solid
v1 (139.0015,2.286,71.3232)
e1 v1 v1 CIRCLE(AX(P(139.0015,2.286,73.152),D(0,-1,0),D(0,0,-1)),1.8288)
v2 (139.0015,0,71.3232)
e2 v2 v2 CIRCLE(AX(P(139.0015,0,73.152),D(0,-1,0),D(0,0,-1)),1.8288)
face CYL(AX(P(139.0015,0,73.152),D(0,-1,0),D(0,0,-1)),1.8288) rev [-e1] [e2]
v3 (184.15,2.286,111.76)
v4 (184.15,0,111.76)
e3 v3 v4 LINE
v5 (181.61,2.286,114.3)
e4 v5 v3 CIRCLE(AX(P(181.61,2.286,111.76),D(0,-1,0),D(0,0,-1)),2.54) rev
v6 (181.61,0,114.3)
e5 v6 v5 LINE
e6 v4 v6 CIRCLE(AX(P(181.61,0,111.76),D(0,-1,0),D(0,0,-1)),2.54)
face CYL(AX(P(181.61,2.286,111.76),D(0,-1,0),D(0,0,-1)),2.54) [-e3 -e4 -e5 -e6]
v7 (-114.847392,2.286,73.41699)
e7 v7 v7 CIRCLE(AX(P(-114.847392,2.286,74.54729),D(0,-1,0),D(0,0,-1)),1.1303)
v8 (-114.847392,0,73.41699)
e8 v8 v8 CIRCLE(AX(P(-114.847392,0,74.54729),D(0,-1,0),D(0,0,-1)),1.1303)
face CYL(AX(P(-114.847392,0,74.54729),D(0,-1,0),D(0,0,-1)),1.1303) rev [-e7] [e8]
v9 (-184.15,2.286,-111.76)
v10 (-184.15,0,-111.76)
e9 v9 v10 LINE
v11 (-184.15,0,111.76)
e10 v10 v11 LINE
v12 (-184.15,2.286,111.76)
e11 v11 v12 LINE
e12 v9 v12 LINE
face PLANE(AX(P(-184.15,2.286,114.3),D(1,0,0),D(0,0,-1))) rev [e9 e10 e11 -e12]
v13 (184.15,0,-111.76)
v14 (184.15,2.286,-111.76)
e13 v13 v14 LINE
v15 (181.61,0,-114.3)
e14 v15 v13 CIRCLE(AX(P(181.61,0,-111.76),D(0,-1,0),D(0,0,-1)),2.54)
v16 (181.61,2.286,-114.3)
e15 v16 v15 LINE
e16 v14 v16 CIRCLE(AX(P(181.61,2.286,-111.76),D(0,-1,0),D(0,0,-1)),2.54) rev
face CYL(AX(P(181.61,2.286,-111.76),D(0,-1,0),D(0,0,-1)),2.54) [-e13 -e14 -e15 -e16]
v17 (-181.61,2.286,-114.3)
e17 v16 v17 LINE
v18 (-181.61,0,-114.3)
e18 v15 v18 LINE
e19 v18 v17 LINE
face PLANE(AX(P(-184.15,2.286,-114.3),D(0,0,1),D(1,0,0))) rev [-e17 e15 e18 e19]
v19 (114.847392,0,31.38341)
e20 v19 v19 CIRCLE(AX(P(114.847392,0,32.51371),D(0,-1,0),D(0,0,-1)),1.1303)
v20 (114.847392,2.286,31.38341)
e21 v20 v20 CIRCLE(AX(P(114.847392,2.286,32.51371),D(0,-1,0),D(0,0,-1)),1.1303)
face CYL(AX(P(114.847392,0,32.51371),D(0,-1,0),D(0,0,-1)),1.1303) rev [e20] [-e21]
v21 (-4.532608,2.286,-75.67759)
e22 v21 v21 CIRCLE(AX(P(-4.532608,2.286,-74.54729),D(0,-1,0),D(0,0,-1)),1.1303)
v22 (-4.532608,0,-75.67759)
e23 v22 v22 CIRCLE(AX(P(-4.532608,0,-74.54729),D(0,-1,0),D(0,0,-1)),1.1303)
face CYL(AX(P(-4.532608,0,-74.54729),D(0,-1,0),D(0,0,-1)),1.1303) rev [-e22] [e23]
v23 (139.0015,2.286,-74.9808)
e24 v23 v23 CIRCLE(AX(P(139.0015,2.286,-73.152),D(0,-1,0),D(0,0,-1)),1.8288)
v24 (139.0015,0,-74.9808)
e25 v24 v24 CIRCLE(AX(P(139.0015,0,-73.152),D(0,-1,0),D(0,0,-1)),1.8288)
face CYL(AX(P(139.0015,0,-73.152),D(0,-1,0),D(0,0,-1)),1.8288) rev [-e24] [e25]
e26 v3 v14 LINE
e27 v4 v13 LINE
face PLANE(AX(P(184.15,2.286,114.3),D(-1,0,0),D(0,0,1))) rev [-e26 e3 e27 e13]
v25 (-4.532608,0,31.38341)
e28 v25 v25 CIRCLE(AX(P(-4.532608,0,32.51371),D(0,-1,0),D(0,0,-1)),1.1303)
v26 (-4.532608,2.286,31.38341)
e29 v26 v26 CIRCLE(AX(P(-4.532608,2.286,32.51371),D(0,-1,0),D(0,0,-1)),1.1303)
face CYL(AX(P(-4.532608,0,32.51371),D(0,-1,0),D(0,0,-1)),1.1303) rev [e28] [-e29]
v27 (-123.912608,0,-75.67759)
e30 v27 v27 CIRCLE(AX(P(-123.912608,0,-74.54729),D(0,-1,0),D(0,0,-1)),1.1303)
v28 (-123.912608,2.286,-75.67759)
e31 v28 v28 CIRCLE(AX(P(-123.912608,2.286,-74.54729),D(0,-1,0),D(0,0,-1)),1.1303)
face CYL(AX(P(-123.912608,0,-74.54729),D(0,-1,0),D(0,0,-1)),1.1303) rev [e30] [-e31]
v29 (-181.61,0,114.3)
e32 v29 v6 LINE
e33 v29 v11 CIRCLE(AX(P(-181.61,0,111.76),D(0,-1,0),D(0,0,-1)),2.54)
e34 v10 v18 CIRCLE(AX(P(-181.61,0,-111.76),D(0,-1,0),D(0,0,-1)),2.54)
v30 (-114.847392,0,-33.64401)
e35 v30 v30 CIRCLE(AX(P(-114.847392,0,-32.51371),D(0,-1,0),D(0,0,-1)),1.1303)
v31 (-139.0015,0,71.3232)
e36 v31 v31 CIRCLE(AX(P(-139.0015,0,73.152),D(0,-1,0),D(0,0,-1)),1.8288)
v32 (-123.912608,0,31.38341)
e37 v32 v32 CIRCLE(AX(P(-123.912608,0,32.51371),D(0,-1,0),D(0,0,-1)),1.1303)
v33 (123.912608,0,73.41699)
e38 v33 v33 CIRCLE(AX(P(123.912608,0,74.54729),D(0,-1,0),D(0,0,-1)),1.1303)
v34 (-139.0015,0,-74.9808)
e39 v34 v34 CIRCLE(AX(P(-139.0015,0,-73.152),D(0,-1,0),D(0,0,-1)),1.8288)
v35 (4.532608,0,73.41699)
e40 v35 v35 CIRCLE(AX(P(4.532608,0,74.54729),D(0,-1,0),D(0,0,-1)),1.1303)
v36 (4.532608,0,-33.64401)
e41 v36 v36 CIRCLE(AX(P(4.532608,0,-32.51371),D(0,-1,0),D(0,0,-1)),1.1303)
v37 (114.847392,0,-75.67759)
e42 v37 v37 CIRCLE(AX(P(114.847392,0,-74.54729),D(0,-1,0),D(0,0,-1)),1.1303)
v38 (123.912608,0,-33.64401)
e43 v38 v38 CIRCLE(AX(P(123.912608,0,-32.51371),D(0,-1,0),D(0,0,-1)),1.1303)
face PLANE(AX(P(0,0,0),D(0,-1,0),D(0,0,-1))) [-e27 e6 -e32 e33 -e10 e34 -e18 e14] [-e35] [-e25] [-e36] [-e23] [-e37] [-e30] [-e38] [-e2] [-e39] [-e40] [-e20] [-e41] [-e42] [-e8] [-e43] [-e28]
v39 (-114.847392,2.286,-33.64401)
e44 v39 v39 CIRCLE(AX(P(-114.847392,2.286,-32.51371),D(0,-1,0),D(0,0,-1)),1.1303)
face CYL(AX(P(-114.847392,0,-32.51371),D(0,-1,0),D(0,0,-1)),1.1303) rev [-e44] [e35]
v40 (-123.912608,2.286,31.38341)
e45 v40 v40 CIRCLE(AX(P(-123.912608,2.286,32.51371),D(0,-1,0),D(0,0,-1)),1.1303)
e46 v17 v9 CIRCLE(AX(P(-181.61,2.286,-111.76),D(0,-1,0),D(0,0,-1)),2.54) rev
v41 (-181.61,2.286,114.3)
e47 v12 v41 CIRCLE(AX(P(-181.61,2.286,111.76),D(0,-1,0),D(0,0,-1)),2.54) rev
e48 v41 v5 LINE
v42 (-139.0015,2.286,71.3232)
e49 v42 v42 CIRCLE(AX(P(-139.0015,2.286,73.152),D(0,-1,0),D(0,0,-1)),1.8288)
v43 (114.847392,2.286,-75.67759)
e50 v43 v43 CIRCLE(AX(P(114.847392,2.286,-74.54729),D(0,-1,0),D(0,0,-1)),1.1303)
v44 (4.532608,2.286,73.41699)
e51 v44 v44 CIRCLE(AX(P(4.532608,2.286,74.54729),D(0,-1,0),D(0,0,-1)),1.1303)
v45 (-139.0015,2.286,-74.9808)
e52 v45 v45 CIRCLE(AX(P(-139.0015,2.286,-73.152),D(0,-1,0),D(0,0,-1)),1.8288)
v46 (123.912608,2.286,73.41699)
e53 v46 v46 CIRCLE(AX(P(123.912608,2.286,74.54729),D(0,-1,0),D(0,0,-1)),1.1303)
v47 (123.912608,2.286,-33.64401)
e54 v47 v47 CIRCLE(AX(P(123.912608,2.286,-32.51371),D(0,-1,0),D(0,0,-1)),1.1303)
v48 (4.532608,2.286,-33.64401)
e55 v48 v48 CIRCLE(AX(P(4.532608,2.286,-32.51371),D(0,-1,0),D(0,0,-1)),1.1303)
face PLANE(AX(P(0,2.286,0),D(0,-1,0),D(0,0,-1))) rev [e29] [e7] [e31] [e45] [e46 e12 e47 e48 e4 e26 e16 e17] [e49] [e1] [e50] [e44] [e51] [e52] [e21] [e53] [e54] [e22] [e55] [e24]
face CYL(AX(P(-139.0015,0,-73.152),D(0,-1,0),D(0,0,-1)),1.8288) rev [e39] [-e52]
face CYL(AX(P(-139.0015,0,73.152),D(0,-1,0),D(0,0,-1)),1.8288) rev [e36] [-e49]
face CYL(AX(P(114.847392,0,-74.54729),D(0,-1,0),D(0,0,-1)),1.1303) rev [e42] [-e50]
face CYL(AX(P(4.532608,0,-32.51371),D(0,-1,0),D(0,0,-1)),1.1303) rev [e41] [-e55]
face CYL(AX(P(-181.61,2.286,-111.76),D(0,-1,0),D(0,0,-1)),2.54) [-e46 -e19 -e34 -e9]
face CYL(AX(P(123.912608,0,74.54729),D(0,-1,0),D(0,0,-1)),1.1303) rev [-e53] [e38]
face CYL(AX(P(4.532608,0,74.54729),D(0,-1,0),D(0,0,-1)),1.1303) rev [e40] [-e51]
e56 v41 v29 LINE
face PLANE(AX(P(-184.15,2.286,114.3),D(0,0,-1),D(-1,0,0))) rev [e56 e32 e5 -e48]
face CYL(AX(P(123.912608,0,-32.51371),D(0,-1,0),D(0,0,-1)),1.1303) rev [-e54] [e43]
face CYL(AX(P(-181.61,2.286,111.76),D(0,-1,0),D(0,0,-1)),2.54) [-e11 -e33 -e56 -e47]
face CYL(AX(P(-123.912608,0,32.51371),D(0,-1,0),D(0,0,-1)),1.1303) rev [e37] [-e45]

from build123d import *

# Parameters (mm, degrees)
SKETCH1_W                 = 368.3
SKETCH1_H                 = 228.6
BOSS_EXTRUDE1_DEPTH       = 2.286
F_6_CLEARANCE_HOLE1_D     = 3.6576
TAP_DRILL_FOR_4_40_TAP1_D = 2.2606
FILLET1_R                 = 2.54


with BuildPart() as part:
    # Sketch1 → Boss-Extrude1 (new body)
    with BuildSketch(Plane(origin=(0, 0, 0), x_dir=(1, 0, 0), z_dir=(0, 1, 0))):
        Rectangle(SKETCH1_W, SKETCH1_H)
    extrude(amount=BOSS_EXTRUDE1_DEPTH)

    # #6 Clearance Hole1 (through all)
    with Locations(Plane(origin=(0, 0, 0), x_dir=(-1, 0, 0), z_dir=(0, -1, 0))):
        with Locations((-139.0015, 73.152), (139.0015, 73.152), (139.0015, -73.152), (-139.0015, -73.152)):
            Hole(F_6_CLEARANCE_HOLE1_D / 2)

    # Tap Drill for #4-40 Tap1 (through all)
    with Locations(Plane(origin=(0, 0, 0), x_dir=(-1, 0, 0), z_dir=(0, -1, 0))):
        with Locations((-114.847391596, 74.54728998), (-123.912608404, 32.51371002), (4.532608404, 74.54728998), (-4.532608404, 32.51371002), (123.912608404, 74.54728998), (114.847391596, 32.51371002), (123.912608404, -32.51371002), (114.847391596, -74.54728998), (4.532608404, -32.51371002), (-4.532608404, -74.54728998), (-114.847391596, -32.51371002), (-123.912608404, -74.54728998)):
            Hole(TAP_DRILL_FOR_4_40_TAP1_D / 2)

    # Fillet1
    fillet1_edges = [part.edges().sort_by_distance(p)[0] for p in [
        (184.15, 1.143, 114.3),
        (-184.15, 1.143, 114.3),
        (-184.15, 1.143, -114.3),
        (184.15, 1.143, -114.3),
    ]]
    fillet(fillet1_edges, radius=FILLET1_R)


solid = part.part
